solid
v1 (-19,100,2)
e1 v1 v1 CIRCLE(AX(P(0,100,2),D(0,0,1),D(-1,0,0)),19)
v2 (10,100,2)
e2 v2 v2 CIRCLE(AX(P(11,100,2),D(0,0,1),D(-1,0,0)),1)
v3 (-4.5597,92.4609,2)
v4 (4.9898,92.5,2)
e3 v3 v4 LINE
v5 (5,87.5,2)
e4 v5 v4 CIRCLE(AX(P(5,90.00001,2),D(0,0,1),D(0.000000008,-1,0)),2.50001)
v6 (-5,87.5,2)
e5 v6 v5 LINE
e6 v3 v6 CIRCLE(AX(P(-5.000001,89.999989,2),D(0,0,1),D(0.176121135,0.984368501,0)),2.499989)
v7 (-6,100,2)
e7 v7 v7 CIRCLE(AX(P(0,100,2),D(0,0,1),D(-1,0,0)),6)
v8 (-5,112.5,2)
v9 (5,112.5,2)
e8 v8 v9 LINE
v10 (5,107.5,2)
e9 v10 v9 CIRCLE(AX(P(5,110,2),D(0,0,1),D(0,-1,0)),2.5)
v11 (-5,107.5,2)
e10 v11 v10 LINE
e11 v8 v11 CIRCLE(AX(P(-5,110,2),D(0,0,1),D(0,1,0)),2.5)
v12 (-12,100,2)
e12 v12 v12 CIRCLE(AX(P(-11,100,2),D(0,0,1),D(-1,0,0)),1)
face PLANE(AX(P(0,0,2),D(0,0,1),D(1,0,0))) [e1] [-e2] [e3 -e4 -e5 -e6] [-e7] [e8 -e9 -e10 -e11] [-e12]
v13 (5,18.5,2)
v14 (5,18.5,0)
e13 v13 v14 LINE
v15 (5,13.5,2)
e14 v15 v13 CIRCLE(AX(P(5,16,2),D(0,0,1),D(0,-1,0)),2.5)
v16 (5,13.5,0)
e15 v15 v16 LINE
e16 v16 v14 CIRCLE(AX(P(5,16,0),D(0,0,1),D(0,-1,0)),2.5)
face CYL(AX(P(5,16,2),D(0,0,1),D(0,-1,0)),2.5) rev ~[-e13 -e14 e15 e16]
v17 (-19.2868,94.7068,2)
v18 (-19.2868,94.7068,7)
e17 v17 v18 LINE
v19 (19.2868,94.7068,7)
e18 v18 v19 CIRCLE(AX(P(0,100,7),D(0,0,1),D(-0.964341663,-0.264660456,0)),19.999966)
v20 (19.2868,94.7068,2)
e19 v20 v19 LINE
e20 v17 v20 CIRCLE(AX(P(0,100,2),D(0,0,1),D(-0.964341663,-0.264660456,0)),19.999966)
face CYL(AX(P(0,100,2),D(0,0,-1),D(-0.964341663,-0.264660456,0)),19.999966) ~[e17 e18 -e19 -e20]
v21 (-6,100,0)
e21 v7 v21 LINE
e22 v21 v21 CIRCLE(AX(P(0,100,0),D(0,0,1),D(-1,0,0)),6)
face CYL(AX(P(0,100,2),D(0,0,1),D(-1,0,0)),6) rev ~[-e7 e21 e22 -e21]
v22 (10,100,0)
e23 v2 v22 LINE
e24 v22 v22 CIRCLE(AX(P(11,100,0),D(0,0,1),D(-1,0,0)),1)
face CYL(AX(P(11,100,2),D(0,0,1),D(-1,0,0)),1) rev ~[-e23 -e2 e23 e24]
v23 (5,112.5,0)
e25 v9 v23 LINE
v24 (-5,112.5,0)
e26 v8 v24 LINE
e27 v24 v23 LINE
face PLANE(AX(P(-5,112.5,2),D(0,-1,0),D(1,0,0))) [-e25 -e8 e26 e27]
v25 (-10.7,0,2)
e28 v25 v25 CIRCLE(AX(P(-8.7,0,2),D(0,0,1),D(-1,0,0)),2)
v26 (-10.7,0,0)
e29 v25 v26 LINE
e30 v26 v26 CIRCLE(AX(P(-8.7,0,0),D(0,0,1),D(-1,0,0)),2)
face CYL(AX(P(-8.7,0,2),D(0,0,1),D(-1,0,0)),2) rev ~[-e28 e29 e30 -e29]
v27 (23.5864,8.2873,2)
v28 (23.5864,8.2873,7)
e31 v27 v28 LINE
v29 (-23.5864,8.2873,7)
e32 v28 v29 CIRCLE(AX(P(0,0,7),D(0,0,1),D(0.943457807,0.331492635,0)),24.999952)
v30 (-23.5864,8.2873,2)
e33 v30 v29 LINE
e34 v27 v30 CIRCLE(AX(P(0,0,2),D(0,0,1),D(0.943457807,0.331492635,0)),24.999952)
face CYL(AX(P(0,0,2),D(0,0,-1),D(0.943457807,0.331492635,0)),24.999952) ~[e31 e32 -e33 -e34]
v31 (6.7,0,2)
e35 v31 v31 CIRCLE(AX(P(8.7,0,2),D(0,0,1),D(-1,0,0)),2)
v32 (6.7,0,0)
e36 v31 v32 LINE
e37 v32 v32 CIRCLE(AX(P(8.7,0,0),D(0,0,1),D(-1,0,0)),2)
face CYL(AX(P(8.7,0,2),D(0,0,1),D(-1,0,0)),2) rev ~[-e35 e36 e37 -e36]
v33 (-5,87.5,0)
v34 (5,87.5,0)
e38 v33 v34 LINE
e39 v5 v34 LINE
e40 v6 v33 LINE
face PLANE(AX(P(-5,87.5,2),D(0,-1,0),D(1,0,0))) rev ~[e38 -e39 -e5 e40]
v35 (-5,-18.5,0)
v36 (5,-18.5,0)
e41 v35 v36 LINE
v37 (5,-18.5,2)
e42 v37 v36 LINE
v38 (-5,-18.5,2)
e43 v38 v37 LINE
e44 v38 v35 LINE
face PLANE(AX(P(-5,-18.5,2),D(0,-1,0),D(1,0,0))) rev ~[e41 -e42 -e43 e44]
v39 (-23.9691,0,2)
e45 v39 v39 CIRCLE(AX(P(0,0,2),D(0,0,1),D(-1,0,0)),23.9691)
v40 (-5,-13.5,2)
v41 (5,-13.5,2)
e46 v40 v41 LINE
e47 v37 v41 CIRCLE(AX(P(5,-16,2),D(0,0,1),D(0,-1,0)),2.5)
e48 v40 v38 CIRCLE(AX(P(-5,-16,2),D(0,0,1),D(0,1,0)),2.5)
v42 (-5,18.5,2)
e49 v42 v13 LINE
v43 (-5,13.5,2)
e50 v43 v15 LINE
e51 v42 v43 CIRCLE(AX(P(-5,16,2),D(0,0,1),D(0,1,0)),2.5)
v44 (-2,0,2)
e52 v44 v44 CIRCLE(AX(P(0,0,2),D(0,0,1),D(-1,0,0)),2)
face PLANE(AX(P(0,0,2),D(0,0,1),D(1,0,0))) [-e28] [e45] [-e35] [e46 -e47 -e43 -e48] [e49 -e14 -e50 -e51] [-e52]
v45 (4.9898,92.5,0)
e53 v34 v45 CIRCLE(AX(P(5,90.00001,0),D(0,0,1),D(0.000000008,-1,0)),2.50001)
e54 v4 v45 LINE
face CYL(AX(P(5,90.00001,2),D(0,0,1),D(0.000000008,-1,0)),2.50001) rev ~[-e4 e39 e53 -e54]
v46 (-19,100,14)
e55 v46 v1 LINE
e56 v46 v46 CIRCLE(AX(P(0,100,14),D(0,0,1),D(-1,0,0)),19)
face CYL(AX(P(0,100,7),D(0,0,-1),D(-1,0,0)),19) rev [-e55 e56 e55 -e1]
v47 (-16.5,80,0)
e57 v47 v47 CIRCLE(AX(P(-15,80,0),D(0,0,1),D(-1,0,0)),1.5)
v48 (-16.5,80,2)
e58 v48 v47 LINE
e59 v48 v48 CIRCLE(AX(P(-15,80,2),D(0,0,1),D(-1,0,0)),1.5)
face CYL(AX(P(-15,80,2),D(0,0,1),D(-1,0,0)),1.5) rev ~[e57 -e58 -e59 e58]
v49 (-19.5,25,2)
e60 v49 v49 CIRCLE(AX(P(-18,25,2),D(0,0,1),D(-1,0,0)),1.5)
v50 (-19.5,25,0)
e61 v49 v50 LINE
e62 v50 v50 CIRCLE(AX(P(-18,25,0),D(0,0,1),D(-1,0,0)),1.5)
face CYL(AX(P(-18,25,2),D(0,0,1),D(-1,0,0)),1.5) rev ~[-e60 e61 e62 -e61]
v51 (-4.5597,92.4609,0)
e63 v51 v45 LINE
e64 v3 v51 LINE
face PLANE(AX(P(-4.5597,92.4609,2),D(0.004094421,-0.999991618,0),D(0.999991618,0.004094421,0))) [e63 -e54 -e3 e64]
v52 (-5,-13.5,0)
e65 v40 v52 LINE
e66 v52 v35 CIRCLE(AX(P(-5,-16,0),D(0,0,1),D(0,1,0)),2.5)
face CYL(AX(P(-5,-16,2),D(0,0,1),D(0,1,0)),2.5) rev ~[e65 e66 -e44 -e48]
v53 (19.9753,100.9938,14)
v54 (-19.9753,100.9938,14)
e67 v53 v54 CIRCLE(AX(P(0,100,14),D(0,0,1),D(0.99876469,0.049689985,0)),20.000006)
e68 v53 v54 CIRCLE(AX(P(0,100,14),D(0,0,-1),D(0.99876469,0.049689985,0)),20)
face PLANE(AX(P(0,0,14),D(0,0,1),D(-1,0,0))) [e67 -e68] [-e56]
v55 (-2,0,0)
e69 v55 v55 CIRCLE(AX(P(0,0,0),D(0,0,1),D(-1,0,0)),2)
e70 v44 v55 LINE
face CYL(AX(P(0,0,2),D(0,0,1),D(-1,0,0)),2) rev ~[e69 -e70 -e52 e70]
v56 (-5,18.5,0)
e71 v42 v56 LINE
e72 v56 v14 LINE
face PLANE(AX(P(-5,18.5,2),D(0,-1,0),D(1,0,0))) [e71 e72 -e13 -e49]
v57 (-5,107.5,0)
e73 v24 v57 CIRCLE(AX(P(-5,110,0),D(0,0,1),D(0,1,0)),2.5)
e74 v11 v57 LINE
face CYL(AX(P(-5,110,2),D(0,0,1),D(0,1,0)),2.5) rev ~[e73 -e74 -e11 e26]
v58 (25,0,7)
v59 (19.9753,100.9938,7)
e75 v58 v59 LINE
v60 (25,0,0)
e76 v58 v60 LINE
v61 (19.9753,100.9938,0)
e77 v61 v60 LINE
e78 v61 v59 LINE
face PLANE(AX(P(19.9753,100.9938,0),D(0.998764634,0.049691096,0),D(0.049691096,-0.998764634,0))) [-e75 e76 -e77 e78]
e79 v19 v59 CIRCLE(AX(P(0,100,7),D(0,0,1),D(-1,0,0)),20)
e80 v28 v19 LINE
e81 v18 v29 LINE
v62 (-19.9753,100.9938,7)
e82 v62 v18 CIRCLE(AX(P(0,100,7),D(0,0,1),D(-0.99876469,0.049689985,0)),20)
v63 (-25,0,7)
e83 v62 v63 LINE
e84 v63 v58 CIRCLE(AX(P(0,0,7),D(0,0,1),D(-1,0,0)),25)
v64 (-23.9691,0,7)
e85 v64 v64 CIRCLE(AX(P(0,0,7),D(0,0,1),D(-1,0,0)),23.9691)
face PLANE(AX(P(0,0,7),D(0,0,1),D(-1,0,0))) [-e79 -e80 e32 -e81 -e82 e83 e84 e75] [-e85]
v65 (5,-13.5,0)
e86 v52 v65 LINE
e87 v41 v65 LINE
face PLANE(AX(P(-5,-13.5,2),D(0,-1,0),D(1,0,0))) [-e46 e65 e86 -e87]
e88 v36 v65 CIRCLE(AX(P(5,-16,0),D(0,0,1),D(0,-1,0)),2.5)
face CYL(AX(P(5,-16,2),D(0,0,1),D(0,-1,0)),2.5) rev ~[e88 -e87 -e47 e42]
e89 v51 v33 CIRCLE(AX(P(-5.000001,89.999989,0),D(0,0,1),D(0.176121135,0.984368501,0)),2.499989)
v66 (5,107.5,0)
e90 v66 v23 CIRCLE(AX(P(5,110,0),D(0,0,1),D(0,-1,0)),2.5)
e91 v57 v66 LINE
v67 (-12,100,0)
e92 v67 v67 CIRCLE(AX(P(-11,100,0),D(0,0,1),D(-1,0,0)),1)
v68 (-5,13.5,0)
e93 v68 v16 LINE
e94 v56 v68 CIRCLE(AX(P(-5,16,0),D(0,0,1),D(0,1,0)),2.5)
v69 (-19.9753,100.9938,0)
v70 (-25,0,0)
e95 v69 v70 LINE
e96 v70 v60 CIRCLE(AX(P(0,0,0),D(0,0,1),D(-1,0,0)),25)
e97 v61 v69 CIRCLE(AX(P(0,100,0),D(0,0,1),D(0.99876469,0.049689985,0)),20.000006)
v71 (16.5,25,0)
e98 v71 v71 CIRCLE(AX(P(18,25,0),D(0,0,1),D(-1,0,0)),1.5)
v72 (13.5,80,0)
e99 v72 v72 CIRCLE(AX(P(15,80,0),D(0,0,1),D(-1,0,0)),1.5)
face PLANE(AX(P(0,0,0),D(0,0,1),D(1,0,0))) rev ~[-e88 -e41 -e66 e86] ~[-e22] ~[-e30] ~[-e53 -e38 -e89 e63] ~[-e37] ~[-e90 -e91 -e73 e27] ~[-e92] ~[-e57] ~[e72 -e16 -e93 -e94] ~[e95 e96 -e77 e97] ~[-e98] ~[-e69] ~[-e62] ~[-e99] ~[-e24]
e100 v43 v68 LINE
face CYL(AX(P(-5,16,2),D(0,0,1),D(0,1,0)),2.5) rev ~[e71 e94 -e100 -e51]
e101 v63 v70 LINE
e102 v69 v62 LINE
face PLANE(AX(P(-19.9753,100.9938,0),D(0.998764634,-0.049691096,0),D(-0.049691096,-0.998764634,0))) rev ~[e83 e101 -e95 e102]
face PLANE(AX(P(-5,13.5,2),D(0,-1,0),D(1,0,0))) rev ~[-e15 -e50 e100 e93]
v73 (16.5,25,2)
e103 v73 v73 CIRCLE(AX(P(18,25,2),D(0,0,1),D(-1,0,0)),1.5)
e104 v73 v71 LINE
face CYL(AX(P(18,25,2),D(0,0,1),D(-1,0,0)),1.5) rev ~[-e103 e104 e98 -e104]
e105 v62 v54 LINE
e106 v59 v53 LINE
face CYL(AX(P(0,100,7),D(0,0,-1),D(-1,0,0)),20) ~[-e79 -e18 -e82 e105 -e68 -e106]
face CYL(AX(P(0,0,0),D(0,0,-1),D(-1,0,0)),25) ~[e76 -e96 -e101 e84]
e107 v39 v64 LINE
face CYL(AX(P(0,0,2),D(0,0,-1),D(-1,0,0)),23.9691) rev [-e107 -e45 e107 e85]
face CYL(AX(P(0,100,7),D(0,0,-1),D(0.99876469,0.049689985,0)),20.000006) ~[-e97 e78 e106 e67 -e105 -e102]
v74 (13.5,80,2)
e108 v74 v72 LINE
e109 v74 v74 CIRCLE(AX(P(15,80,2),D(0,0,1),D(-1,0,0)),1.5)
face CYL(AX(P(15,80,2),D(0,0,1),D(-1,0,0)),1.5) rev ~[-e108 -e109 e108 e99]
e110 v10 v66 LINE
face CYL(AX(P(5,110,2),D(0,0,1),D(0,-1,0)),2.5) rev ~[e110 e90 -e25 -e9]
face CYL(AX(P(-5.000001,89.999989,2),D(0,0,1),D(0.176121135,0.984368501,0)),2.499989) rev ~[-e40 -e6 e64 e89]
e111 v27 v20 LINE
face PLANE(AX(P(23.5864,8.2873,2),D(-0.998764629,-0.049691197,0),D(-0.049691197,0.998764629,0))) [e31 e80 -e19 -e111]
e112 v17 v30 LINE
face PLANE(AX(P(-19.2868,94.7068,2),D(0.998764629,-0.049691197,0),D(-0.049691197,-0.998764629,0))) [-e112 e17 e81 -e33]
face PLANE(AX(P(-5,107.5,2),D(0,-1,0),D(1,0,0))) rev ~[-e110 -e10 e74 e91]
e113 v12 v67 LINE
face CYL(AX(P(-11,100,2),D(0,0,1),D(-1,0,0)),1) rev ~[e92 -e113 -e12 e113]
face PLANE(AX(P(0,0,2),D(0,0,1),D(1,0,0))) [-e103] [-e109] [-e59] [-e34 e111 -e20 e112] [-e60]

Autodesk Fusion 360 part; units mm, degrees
sketch "스케치1" plane through (0, 0, 0) normal (0, 0, 1) x (1, 0, 0)
  line L0 (19.9753, 100.9938) -> (25, 0)
  line L1 (-19.9753, 100.9938) -> (-25, 0)
  arc A0 (19.9753, 100.9938) -> (-19.9753, 100.9938) centre (0, 100) ccw
  arc A1 (-25, 0) -> (25, 0) centre (0, 0) ccw
  dimension "d1" = 50
  dimension "d222" = 20
  dimension "d223" = 100
extrude "돌출1" add sketch "스케치1" along normal blind 2
sketch "스케치2" plane through (0, 0, 2) normal (0, 0, 1) x (-1, 0, 0)
  arc A0 (-19.9753, -100.9938) -> (19.9753, -100.9938) centre (0, -100) ccw
  line L0 (19.9753, -100.9938) -> (25, 0)
  line L1 (-25, 0) -> (-19.9753, -100.9938)
  line L2 (19.9753, -100.9938) -> (25, 0)
  arc A1 (-19.9753, -100.9938) -> (19.9753, -100.9938) centre (0, -100) ccw
  line L3 (-25, 0) -> (-19.9753, -100.9938)
  arc A2 (25, 0) -> (-25, 0) centre (0, 0) ccw
  line L4 (-23.5864, -8.2873) -> (-19.2868, -94.7068)
  line L5 (19.2868, -94.7068) -> (23.5864, -8.2873)
  circle A3 centre (0, -100) radius 19
  circle A4 centre (0, 0) radius 23.9691
  arc A5 (-23.5864, -8.2873) -> (23.5864, -8.2873) centre (0, 0) ccw
  arc A6 (25, 0) -> (-25, 0) centre (0, 0) ccw
  arc A7 (-19.9753, -100.9938) -> (19.9753, -100.9938) centre (0, -100) ccw
  arc A8 (19.2868, -94.7068) -> (-19.2868, -94.7068) centre (0, -100) ccw
extrude "돌출25" add sketch "스케치2" along normal blind 5
sketch "스케치22" plane through (0, 0, 2) normal (0, 0, 1) x (-1, 0, 0)
  circle A0 centre (0, 0) radius 2
  circle A1 centre (-8.7, 0) radius 2
  circle A2 centre (8.7, 0) radius 2
  circle A3 centre (0, -100) radius 6
  circle A4 centre (-11, -100) radius 1
  circle A5 centre (11, -100) radius 1
  dimension "d208" = 4
  dimension "d209" = 8.7
  dimension "d210" = 8.7
  dimension "d226" = 12
  dimension "d227" = 2
  dimension "d228" = 11
  dimension "d229" = 11
  dimension "d230" = 100
extrude "돌출26" cut sketch "스케치22" against normal blind 2
sketch "스케치24" plane through (0, 0, 7) normal (0, 0, 1) x (-1, 0, 0)
  circle A0 centre (0, -100) radius 20
  circle A1 centre (0, -100) radius 6
  arc A2 (-19.9753, -100.9938) -> (19.9753, -100.9938) centre (0, -100) ccw
  circle A3 centre (0, -100) radius 19
  circle A4 centre (0, -100) radius 19
extrude "돌출28" add sketch "스케치24" along normal blind 7 contours A0 A2
sketch "스케치23" plane through (0, 0, 2) normal (0, 0, 1) x (-1, 0, 0)
  circle A0 centre (-18, -25) radius 1.5
  circle A1 centre (-15, -80) radius 1.5
  circle A2 centre (15, -80) radius 1.5
  circle A3 centre (18, -25) radius 1.5
  circle A4 centre (0, -100) radius 6
  dimension "d214" = 3
  dimension "d215" = 18
  dimension "d216" = 18
  dimension "d217" = 25
  dimension "d225" = 20
  dimension "d233" = 15
  dimension "d234" = 15
extrude "돌출27" cut sketch "스케치23" against normal blind 2 contours A0 | A1 | A2 | A3
sketch "스케치26" plane through (0, 0, 2) normal (0, 0, 1) x (-1, 0, 0)
  line L0 (5, -13.5) -> (-5, -13.5)
  line L1 (5, -18.5) -> (-5, -18.5)
  arc A0 (-5, -13.5) -> (-5, -18.5) centre (-5, -16) ccw
  arc A1 (5, -18.5) -> (5, -13.5) centre (5, -16) ccw
  line L2 (5, 13.5) -> (-5, 13.5)
  line L3 (5, 18.5) -> (-5, 18.5)
  arc A2 (5, 13.5) -> (5, 18.5) centre (5, 16) ccw
  arc A3 (-5, 18.5) -> (-5, 13.5) centre (-5, 16) ccw
  line L4 (5, -112.5) -> (-5, -112.5)
  line L5 (5, -107.5) -> (-5, -107.5)
  arc A4 (5, -112.5) -> (5, -107.5) centre (5, -110) ccw
  arc A5 (-5, -107.5) -> (-5, -112.5) centre (-5, -110) ccw
  line L6 (4.5597, -92.4609) -> (-4.9898, -92.5)
  line L7 (5, -87.5) -> (-5, -87.5)
  arc A6 (4.5597, -92.4609) -> (5, -87.5) centre (5, -90) ccw
  arc A7 (-5, -87.5) -> (-4.9898, -92.5) centre (-5, -90) ccw
  circle A8 centre (0, -100) radius 6
  dimension "d235" = 5
  dimension "d236" = 10
  dimension "d239" = 16
  dimension "d241" = 5
  dimension "d242" = 5
  dimension "d243" = 10
  dimension "d244" = 16
  dimension "d245" = 5
  dimension "d248" = 5
  dimension "d249" = 10
  dimension "d250" = 10
  dimension "d251" = 10
  dimension "d252" = 5
extrude "돌출29" cut sketch "스케치26" against normal blind 2 contours L0 L1 A0 A1 | L2 L3 A2 A3 | L4 L5 A4 A5 | L6 L7 A6 A7
